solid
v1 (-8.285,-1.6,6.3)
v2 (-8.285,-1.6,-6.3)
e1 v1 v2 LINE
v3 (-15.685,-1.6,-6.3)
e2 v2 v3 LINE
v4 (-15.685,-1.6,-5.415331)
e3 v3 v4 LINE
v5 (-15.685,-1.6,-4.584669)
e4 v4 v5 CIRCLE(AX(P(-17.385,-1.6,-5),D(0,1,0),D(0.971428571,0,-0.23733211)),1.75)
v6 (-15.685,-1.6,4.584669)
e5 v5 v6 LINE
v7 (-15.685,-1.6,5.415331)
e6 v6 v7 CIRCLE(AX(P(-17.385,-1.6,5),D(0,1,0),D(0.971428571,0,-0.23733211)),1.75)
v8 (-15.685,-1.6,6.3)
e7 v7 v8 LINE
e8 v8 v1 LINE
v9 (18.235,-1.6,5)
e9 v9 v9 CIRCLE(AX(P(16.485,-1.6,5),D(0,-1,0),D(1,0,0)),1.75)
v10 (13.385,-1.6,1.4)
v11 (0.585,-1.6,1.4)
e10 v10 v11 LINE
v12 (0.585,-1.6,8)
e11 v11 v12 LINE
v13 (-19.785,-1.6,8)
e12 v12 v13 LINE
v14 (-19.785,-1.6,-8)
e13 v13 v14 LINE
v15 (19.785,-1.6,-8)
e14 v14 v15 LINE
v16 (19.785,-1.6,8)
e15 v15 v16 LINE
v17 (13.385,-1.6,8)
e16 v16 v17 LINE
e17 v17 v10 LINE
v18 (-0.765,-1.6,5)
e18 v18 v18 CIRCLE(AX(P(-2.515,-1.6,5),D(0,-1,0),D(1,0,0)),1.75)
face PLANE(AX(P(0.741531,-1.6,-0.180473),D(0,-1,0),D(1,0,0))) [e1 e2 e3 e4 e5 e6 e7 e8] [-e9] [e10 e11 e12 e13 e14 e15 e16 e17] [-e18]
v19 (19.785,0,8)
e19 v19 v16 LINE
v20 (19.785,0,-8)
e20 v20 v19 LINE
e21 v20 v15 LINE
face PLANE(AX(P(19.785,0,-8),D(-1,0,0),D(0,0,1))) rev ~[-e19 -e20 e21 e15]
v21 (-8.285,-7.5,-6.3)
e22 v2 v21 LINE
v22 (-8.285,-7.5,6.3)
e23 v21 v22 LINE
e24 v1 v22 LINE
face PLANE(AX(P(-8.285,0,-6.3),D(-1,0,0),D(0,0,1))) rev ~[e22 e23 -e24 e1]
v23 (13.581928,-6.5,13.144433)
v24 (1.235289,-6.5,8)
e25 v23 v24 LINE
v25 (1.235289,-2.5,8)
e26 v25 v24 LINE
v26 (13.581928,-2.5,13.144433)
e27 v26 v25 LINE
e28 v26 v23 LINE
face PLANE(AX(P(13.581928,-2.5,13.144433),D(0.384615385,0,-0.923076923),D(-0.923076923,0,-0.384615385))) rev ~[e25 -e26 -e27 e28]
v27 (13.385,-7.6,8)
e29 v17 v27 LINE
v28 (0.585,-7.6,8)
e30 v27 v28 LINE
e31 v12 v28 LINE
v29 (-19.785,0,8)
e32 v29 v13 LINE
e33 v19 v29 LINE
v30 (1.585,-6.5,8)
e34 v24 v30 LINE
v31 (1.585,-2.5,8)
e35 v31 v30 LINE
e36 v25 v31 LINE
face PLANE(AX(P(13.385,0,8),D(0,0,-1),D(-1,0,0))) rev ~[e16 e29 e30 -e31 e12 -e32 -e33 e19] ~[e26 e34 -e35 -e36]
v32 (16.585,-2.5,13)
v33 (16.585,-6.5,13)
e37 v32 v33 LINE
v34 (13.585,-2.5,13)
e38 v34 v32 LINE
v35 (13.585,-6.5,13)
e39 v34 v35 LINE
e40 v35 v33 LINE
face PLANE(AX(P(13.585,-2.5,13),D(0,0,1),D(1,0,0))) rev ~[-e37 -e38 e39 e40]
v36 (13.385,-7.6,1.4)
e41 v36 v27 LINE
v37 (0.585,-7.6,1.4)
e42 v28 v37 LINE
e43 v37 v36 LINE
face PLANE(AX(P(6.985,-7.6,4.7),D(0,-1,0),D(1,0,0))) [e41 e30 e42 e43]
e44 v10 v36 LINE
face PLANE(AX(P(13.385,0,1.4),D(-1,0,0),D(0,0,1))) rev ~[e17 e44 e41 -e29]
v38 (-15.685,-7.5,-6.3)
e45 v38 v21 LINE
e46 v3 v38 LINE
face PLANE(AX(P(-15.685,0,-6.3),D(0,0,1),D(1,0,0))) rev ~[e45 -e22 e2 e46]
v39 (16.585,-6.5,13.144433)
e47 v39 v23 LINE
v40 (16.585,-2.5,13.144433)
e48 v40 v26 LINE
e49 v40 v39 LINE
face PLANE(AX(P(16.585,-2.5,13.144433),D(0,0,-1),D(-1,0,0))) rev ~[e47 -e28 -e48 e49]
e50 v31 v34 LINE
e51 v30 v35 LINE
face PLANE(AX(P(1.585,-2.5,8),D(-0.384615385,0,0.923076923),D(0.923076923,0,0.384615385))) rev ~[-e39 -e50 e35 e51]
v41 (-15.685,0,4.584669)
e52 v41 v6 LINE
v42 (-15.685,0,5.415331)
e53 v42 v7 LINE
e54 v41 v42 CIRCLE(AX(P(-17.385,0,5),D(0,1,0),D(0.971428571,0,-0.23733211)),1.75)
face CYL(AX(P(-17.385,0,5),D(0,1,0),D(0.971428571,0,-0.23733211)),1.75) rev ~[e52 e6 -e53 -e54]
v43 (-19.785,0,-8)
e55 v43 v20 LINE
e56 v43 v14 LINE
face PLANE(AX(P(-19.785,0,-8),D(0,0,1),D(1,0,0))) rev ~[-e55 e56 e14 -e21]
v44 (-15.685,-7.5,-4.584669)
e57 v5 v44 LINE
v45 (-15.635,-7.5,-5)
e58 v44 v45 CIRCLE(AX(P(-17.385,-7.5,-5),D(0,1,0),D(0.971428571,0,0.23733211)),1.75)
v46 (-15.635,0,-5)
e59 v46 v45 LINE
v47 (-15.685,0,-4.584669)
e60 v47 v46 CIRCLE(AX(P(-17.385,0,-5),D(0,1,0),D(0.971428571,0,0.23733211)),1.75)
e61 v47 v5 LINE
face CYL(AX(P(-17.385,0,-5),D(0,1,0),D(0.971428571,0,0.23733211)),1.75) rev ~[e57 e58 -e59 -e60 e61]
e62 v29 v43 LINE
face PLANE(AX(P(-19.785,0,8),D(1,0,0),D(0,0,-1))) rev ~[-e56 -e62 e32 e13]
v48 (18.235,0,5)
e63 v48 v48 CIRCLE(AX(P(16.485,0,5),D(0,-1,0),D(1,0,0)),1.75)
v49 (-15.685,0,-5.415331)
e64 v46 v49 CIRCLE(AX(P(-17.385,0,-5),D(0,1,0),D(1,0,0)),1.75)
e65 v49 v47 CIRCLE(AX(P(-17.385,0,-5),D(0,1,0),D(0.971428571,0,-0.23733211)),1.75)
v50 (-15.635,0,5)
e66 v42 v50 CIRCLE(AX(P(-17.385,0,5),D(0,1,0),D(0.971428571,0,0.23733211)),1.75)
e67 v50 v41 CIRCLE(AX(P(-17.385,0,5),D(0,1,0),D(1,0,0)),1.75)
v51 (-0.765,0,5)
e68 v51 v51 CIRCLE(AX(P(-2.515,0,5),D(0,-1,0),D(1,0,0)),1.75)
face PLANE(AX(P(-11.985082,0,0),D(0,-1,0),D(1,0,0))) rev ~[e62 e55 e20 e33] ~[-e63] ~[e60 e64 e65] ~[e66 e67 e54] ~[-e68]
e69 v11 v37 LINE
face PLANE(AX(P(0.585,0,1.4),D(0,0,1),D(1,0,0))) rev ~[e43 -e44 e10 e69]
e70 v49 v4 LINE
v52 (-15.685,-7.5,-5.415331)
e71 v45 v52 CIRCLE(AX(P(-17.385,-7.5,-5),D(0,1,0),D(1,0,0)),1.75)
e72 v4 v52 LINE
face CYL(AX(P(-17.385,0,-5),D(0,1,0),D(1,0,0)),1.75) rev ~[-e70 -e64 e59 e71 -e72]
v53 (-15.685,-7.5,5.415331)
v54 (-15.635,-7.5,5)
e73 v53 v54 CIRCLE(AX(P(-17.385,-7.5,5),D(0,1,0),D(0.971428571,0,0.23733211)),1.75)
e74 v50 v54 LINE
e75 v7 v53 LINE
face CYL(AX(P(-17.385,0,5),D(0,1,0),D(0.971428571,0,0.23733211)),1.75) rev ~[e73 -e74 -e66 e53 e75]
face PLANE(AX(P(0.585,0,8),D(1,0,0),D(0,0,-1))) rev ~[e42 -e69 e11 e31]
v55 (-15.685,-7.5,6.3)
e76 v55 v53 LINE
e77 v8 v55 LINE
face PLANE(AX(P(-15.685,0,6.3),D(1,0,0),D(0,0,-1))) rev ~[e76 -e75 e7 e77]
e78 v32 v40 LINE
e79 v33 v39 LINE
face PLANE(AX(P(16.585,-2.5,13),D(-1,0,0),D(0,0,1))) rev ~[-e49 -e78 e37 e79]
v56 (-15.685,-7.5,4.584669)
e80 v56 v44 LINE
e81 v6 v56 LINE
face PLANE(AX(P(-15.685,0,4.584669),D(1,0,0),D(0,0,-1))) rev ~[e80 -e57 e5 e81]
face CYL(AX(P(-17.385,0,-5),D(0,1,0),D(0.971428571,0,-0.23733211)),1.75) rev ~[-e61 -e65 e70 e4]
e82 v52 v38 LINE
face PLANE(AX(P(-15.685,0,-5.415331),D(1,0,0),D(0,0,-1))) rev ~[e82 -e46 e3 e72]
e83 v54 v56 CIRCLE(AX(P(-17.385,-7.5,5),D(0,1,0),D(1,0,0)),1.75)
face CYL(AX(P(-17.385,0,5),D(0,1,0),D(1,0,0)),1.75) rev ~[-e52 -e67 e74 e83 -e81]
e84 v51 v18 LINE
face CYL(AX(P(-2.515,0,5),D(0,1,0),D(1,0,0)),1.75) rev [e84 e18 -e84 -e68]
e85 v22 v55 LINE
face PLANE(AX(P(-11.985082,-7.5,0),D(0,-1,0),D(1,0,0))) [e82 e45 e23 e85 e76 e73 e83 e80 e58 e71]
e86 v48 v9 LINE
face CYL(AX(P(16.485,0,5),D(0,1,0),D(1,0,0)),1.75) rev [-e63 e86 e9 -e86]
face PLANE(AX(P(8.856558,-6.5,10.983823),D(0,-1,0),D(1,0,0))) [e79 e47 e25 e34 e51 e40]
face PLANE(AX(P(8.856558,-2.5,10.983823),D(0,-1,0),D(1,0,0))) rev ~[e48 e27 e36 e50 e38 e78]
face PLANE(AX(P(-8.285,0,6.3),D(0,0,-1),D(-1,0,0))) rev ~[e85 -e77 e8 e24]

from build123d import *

# Parameters (mm, degrees)
F0_R     = 1.75
F1_DEPTH = 1.6
F2_DEPTH = 7.6
F3_DEPTH = 7.5
F4_START = 2.5
F4_DEPTH = 4


with BuildPart() as f1:
    # F0 (on Front) → F1 (new body)
    with BuildSketch(Plane.XZ):
        Polygon((19.785, -8), (19.785, 8), (13.385, 8), (13.385, 1.4), (0.585, 1.4), (0.585, 8), (-19.785, 8), (-19.785, -8), align=None)
        with BuildLine():
            ThreePointArc((-15.685, 4.5846688069), (-19.135, 5), (-15.685, 5.4153311931))
            Line((-15.685, 5.4153311931), (-15.685, 6.3))
            Line((-15.685, 6.3), (-8.285, 6.3))
            Line((-8.285, 6.3), (-8.285, -6.3))
            Line((-8.285, -6.3), (-15.685, -6.3))
            Line((-15.685, -6.3), (-15.685, -5.4153311931))
            ThreePointArc((-15.685, -5.4153311931), (-19.135, -5), (-15.685, -4.5846688069))
            Line((-15.685, -4.5846688069), (-15.685, 4.5846688069))
        make_face(mode=Mode.SUBTRACT)
        with Locations((-2.515, 5)):
            Circle(F0_R, mode=Mode.SUBTRACT)
        with Locations((16.485, 5)):
            Circle(F0_R, mode=Mode.SUBTRACT)
    extrude(amount=F1_DEPTH)

    # F0 (on Front) → F2 (join)
    with BuildSketch(Plane.XZ):
        Polygon((13.385, 1.4), (13.385, 8), (1.585, 8), (1.2352894992, 8), (0.585, 8), (0.585, 1.4), align=None)
    extrude(amount=F2_DEPTH)

    # F0 (on Front) → F3 (join)
    with BuildSketch(Plane.XZ):
        with BuildLine():
            ThreePointArc((-15.685, 5.4153311931), (-15.6475449646, 5.2091650066), (-15.635, 5))
            ThreePointArc((-15.635, 5), (-15.6475449646, 4.7908349934), (-15.685, 4.5846688069))
            Line((-15.685, 4.5846688069), (-15.685, -4.5846688069))
            ThreePointArc((-15.685, -4.5846688069), (-15.6475449646, -4.7908349934), (-15.635, -5))
            ThreePointArc((-15.635, -5), (-15.6475449646, -5.2091650066), (-15.685, -5.4153311931))
            Line((-15.685, -5.4153311931), (-15.685, -6.3))
            Line((-15.685, -6.3), (-8.285, -6.3))
            Line((-8.285, -6.3), (-8.285, 6.3))
            Line((-8.285, 6.3), (-15.685, 6.3))
            Line((-15.685, 6.3), (-15.685, 5.4153311931))
        make_face()
    extrude(amount=F3_DEPTH)

    # F0 (on Front) → F4 (join)
    with BuildSketch(Plane.XZ.offset(F4_START)):
        Polygon((1.2352894992, 8), (1.585, 8), (13.585, 13), (16.585, 13), (16.585, 13.1444329156), (13.5819284966, 13.1444329156), align=None)
    extrude(amount=F4_DEPTH)


solid = f1.part
